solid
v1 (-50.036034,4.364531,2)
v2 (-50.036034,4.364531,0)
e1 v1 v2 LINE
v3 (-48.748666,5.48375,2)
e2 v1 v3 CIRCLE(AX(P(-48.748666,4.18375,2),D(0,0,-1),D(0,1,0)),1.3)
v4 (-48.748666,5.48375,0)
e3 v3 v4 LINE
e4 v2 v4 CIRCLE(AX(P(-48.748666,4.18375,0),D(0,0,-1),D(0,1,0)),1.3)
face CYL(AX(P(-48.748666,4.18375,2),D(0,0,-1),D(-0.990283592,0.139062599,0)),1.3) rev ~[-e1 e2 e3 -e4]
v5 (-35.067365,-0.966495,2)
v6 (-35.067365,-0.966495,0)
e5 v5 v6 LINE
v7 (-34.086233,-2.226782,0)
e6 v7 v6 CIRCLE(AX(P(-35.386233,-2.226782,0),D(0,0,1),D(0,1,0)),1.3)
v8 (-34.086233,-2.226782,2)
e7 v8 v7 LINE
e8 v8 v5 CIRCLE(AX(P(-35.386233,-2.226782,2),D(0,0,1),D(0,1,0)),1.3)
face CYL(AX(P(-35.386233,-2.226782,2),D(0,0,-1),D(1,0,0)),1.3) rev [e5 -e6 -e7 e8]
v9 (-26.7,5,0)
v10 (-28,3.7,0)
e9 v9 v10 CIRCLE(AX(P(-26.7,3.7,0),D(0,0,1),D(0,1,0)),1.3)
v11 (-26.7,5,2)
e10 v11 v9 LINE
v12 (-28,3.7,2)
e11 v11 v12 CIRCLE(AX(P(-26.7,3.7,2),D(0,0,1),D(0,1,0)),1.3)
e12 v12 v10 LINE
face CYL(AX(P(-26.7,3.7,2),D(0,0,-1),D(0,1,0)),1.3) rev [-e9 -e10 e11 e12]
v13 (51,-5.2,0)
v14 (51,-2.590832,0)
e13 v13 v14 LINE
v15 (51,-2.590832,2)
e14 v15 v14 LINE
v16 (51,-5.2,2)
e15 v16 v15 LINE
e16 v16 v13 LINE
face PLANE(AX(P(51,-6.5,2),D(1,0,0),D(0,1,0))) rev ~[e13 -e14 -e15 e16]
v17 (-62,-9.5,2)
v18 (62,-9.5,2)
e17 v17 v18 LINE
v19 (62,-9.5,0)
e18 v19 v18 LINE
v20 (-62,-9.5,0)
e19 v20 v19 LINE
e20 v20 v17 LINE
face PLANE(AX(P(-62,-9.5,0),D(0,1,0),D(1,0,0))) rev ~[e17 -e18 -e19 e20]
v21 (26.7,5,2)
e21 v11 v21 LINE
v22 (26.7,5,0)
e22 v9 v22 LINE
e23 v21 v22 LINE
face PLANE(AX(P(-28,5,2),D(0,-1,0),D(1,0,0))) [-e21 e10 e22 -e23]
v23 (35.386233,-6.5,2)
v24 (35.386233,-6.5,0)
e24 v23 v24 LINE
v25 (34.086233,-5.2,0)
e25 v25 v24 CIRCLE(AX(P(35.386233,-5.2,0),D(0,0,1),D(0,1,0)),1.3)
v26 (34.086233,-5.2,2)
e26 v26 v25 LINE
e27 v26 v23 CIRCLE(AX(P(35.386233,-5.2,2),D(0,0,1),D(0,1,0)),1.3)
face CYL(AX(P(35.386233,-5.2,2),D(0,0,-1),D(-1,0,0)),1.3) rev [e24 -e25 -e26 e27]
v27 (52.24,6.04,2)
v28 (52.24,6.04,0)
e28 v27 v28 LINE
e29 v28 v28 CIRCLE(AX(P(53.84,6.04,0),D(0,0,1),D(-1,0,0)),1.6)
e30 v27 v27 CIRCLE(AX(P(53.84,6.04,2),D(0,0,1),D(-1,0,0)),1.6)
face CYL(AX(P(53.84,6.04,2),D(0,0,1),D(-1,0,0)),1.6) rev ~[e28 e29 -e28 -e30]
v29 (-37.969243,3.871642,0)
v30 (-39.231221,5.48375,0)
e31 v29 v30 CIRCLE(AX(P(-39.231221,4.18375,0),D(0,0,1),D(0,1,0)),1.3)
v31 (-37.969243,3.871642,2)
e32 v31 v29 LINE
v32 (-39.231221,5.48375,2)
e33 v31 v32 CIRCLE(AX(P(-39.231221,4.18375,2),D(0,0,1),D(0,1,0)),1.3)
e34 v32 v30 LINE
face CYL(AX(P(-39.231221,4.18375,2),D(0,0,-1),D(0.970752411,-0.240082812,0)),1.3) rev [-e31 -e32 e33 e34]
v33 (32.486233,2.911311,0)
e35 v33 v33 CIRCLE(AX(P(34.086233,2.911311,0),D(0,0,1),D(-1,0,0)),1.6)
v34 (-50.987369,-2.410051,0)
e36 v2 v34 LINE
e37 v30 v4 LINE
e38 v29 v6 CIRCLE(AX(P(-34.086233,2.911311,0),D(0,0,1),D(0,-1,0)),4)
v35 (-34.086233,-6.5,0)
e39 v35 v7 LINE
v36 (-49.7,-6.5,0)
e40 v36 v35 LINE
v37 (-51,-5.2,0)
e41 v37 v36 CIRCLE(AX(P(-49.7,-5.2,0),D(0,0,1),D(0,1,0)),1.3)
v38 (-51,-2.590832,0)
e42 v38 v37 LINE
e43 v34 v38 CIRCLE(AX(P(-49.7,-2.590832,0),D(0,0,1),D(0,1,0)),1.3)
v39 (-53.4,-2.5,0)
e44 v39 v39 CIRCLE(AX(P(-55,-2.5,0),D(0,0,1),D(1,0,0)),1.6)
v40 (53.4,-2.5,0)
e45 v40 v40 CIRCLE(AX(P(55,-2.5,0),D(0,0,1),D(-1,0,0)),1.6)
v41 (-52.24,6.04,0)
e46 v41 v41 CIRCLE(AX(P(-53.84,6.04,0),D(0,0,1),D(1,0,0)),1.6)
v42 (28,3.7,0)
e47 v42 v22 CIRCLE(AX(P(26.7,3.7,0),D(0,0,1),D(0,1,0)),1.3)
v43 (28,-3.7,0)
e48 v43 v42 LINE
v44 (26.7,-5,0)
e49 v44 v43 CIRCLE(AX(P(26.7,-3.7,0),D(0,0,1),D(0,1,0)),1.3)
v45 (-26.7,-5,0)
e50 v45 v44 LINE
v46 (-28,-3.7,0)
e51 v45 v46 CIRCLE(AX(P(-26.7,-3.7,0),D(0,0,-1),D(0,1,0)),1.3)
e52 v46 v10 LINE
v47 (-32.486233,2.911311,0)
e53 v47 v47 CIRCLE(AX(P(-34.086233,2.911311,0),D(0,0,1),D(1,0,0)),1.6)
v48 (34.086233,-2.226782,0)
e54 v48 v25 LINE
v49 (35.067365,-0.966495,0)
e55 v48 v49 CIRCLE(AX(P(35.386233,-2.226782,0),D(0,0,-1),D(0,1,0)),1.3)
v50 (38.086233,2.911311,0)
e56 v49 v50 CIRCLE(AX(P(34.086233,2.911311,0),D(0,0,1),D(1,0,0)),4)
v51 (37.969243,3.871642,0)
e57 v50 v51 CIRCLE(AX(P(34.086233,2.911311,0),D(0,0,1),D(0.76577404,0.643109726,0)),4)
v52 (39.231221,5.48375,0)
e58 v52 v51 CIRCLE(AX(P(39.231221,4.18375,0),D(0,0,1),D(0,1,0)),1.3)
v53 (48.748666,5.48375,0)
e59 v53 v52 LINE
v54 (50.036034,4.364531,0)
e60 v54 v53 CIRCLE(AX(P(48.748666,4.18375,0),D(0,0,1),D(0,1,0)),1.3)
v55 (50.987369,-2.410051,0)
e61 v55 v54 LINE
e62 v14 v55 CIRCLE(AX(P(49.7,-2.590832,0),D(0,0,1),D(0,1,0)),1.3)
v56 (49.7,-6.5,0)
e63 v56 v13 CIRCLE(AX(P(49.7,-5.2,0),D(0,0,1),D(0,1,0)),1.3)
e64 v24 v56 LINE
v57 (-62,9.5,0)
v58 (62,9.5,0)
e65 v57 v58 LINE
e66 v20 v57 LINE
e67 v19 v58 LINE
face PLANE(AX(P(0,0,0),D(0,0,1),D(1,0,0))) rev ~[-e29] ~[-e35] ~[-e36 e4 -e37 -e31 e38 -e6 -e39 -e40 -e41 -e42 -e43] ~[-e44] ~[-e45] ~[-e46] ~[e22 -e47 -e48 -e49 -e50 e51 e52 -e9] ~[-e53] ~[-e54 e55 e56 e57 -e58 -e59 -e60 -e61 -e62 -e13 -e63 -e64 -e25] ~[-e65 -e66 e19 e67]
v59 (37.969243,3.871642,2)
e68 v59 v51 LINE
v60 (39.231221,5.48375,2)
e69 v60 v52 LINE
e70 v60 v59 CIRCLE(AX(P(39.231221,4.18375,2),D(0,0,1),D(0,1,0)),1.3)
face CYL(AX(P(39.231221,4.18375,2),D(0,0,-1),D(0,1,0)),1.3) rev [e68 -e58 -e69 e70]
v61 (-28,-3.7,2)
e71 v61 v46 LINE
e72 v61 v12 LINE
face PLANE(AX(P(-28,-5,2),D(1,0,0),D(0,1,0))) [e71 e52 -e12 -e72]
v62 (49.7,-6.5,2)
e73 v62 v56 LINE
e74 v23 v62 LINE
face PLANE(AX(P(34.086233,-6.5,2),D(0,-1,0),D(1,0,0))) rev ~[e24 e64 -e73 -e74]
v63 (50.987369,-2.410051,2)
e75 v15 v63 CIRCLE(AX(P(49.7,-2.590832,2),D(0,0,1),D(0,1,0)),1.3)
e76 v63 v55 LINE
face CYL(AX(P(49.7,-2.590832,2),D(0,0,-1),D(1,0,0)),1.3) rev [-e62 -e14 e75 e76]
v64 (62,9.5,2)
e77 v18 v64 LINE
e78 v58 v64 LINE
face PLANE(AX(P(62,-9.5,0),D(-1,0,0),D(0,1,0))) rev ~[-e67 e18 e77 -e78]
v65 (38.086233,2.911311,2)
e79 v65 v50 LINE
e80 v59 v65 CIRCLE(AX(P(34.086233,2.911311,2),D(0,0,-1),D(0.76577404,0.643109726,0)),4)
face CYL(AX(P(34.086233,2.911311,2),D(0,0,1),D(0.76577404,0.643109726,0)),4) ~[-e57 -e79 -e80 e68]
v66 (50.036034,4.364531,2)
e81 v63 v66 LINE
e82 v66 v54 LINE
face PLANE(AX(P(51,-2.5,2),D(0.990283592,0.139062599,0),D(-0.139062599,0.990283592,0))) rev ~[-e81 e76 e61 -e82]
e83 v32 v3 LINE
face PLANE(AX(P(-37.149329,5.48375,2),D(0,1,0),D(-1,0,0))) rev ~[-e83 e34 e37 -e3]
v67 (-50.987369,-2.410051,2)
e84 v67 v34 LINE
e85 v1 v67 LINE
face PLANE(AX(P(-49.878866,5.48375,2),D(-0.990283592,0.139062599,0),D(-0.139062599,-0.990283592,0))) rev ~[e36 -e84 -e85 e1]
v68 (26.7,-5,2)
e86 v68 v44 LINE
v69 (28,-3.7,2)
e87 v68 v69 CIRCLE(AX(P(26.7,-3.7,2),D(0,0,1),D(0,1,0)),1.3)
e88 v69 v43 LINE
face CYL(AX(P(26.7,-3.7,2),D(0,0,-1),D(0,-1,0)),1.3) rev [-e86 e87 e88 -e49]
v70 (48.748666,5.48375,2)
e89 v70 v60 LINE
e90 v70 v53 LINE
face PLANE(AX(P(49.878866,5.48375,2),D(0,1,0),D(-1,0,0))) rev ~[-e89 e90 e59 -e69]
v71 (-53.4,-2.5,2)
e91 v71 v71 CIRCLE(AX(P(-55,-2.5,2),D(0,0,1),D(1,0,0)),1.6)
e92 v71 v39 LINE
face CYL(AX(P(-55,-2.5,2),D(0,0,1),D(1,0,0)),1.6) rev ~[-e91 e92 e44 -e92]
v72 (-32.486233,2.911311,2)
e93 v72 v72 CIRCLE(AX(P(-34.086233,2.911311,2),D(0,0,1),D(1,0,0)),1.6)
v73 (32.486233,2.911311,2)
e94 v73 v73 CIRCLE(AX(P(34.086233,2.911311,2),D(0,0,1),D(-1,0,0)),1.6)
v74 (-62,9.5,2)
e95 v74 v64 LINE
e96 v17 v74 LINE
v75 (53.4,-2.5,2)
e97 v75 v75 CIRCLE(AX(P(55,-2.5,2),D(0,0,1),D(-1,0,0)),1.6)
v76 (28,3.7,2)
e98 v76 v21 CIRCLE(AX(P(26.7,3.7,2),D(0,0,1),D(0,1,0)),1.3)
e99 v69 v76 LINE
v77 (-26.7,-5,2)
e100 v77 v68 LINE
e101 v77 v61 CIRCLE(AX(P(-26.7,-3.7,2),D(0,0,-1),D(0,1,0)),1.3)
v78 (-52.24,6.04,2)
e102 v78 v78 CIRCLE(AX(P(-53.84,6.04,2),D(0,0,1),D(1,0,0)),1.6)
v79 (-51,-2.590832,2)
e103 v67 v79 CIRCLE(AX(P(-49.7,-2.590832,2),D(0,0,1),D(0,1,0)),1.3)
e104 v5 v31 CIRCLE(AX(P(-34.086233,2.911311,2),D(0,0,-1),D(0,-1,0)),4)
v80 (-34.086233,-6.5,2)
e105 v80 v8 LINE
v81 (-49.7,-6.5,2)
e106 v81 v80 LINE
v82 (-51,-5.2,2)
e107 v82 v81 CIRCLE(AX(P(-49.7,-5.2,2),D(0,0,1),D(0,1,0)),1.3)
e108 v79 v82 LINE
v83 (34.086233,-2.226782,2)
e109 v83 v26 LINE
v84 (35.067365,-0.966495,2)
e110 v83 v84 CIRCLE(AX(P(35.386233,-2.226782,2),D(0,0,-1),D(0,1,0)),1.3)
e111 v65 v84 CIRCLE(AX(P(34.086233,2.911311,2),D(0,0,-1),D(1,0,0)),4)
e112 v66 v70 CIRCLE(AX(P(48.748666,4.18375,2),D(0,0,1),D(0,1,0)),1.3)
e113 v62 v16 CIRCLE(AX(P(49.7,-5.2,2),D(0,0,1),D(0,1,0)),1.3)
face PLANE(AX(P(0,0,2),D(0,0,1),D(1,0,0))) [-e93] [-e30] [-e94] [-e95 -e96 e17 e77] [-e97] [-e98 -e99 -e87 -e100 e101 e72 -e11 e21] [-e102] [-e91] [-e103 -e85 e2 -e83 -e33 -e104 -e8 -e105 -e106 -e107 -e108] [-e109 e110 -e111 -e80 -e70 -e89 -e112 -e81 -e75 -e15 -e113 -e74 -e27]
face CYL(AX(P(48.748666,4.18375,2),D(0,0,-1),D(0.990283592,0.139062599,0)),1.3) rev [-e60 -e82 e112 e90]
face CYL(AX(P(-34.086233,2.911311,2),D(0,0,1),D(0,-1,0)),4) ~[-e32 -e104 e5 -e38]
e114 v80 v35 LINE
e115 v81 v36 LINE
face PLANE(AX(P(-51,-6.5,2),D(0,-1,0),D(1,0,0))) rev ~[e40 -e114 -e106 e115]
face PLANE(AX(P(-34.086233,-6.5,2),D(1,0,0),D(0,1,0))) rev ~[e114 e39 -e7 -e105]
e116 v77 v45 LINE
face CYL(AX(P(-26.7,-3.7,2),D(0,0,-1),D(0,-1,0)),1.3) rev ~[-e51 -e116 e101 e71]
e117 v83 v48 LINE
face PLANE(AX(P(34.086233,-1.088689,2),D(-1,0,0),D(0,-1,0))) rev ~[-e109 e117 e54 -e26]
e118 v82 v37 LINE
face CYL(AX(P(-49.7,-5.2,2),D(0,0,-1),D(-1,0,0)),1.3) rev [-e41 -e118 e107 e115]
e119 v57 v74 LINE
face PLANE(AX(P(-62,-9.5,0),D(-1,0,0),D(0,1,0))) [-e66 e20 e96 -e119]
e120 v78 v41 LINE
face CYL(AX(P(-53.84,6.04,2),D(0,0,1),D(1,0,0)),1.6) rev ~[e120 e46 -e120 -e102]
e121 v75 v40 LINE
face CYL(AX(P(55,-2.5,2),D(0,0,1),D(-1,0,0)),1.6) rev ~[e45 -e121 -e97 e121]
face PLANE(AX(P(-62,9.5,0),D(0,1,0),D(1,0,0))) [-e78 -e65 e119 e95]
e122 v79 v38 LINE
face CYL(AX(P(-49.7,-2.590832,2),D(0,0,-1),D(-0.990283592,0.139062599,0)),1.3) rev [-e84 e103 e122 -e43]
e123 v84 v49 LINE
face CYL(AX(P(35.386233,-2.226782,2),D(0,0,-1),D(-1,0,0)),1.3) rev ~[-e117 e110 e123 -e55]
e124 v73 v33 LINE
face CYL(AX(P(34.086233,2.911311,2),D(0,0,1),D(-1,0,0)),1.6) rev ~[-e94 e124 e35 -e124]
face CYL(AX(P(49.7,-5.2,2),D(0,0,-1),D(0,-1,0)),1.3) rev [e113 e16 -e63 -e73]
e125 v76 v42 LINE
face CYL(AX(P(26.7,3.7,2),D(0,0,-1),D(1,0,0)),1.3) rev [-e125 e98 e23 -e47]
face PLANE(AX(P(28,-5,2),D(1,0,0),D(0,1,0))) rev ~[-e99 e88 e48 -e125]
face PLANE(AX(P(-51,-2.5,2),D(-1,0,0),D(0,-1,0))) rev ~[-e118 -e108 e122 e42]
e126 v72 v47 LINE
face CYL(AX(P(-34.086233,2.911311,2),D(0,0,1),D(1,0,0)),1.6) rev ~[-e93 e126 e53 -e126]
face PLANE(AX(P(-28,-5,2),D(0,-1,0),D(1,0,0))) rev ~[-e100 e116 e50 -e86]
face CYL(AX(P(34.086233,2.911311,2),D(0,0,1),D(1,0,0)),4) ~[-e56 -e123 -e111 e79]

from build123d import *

# Parameters (mm, degrees)
SKETCH_1_W          = 124
SKETCH_1_H          = 19
EXTRUDE_1_DEPTH     = 2
SKETCH_3_R          = 1.6
CUT_EXTRUDE_2_DEPTH = 63.755477849
SKETCH_4_R          = 1.6
CUT_EXTRUDE_3_DEPTH = 63.755477849
SKETCH_5_W          = 56
SKETCH_5_H          = 10
CUT_EXTRUDE_4_DEPTH = 63.755477849
FILLET_1_R          = 1.3


with BuildPart() as part:
    # 草图1 → 凸台-拉伸1 (new body)
    with BuildSketch(Plane.XY):
        Rectangle(SKETCH_1_W, SKETCH_1_H)
    extrude(amount=EXTRUDE_1_DEPTH)

    # 草图3 → 切除-拉伸2 (cut, through all)
    with BuildSketch(Plane.XY.offset(2)):
        with Locations((-55, -2.5)):
            Circle(SKETCH_3_R)
        with Locations(Location((55, -2.5, 0), (0, 0, 180))):
            Circle(SKETCH_3_R)
    extrude(amount=-CUT_EXTRUDE_2_DEPTH, mode=Mode.SUBTRACT)

    # 草图4 → 切除-拉伸3 (cut, through all)
    with BuildSketch(Plane.XY.offset(2)):
        with Locations((-53.84, 6.04)):
            Circle(SKETCH_4_R)
        with Locations((-34.086233188, 2.911310699)):
            Circle(SKETCH_4_R)
        with Locations(Location((34.086233188, 2.911310699, 0), (0, 0, 180))):
            Circle(SKETCH_4_R)
        with Locations(Location((53.84, 6.04, 0), (0, 0, 180))):
            Circle(SKETCH_4_R)
    extrude(amount=-CUT_EXTRUDE_3_DEPTH, mode=Mode.SUBTRACT)

    # 草图5 → 切除-拉伸4 (cut, through all)
    with BuildSketch(Plane.XY.offset(2)):
        with BuildLine():
            Line((-49.87886563, 5.483749603), (-51, -2.5))
            Line((-51, -2.5), (-51, -6.5))
            Line((-51, -6.5), (-34.086233188, -6.5))
            Line((-34.086233188, -6.5), (-34.086233188, -1.088689301))
            ThreePointArc((-34.086233188, -1.088689301), (-37.711819735, 1.221600016), (-37.149329348, 5.483749603))
            Line((-37.149329348, 5.483749603), (-49.87886563, 5.483749603))
        make_face()
        Rectangle(SKETCH_5_W, SKETCH_5_H)
        with BuildLine():
            Line((34.086233188, -1.088689301), (34.086233188, -6.5))
            Line((34.086233188, -6.5), (51, -6.5))
            Line((51, -6.5), (51, -2.5))
            Line((51, -2.5), (49.87886563, 5.483749603))
            Line((49.87886563, 5.483749603), (37.149329348, 5.483749603))
            ThreePointArc((37.149329348, 5.483749603), (37.844715903, 4.28018165), (38.086233188, 2.911310699))
            ThreePointArc((38.086233188, 2.911310699), (36.914660313, 0.082883574), (34.086233188, -1.088689301))
        make_face()
    extrude(amount=-CUT_EXTRUDE_4_DEPTH, mode=Mode.SUBTRACT)

    # 圆角1
    fillet_1_edges = [part.edges().sort_by_distance(p)[0] for p in [
        (-37.149329348, 5.483749603, 1),
        (-34.086233188, -1.088689301, 1),
        (-51, -6.5, 1),
        (-51, -2.5, 1),
        (-49.87886563, 5.483749603, 1),
        (-28, -5, 1),
        (-28, 5, 1),
        (28, 5, 1),
        (28, -5, 1),
        (37.149329348, 5.483749603, 1),
        (49.87886563, 5.483749603, 1),
        (51, -2.5, 1),
        (51, -6.5, 1),
        (34.086233188, -6.5, 1),
        (34.086233188, -1.088689301, 1),
    ]]
    fillet(fillet_1_edges, radius=FILLET_1_R)


solid = part.part
